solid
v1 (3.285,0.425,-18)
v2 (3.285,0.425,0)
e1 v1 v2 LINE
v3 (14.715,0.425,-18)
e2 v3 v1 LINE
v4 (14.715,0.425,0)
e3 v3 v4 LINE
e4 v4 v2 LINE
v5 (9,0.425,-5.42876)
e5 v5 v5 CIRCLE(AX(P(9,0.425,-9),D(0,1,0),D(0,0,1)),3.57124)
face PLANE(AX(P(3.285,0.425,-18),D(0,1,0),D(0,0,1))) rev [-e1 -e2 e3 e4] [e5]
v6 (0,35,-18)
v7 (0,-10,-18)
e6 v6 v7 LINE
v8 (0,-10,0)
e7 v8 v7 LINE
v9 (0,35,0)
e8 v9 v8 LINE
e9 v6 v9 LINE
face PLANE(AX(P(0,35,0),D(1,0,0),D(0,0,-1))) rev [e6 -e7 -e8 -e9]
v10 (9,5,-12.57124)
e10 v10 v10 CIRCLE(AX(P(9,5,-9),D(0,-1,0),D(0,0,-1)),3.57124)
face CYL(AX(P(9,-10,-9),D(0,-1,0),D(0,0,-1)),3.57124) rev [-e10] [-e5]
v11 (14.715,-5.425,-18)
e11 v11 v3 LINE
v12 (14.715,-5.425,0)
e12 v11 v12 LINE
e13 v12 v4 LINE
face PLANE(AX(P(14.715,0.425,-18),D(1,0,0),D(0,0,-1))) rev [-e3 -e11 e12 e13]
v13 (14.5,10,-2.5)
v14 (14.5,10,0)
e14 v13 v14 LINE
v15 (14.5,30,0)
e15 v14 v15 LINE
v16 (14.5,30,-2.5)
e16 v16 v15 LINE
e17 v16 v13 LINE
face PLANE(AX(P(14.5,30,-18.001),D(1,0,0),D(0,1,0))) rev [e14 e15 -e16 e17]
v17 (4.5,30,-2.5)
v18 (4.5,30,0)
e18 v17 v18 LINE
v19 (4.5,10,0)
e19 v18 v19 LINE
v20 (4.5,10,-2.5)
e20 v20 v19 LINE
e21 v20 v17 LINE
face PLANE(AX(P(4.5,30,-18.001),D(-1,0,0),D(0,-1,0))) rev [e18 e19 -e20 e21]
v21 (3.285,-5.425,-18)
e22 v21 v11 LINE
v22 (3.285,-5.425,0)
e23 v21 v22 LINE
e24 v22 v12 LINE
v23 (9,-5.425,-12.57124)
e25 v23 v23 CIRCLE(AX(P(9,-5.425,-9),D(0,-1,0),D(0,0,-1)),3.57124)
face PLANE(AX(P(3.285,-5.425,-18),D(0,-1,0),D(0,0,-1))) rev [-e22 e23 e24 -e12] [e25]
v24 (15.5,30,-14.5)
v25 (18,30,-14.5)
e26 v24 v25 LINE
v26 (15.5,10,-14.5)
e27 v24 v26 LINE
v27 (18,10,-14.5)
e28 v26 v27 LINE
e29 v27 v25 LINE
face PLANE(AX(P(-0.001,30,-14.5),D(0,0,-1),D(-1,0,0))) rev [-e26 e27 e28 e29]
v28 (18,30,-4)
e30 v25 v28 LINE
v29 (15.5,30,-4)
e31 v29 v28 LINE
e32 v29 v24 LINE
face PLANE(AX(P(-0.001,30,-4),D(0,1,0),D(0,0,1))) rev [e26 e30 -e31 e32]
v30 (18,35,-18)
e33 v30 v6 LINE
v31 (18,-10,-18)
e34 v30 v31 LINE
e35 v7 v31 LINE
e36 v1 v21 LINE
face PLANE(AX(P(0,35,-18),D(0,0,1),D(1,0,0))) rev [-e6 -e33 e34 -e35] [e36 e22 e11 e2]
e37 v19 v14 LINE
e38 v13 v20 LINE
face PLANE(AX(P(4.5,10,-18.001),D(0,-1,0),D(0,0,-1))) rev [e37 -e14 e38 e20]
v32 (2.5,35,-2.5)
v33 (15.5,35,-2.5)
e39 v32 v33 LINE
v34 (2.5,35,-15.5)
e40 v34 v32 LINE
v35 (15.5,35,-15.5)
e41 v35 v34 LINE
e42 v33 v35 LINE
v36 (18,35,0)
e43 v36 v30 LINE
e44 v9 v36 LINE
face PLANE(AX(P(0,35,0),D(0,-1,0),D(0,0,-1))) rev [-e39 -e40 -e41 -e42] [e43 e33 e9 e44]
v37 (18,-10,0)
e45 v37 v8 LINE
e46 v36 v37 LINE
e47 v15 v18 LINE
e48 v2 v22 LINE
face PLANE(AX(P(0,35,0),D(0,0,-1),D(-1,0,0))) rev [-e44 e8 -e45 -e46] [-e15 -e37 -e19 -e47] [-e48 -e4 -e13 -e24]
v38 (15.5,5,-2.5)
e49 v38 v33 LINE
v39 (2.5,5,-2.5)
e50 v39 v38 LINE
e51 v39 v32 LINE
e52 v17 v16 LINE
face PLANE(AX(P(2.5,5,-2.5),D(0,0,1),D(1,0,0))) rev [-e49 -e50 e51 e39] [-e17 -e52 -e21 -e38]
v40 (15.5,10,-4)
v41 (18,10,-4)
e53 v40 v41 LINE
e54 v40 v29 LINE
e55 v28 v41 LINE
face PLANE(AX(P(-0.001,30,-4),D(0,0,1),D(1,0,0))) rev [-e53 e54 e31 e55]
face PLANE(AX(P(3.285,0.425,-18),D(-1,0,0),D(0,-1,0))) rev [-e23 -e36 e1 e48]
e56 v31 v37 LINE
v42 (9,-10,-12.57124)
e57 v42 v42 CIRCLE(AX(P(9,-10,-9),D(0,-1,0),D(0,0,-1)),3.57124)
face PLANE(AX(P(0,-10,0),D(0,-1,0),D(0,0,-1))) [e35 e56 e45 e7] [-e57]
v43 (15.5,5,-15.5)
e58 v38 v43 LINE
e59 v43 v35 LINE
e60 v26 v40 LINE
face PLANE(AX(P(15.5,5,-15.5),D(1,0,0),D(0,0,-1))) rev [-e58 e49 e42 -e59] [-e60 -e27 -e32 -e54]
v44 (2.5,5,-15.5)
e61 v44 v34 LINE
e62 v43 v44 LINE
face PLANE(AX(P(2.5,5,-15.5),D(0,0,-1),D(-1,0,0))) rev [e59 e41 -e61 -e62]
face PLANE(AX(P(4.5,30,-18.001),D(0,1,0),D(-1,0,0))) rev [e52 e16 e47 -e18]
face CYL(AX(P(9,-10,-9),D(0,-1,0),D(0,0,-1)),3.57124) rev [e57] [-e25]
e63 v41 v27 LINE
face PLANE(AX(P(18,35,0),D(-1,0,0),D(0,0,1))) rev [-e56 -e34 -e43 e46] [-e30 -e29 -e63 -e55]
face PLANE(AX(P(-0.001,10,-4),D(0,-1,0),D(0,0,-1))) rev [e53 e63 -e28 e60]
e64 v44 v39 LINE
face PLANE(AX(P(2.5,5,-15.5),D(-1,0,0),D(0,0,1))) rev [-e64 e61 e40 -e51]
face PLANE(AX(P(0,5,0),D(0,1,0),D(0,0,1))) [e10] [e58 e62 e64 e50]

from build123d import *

# Parameters (mm, degrees)
SKETCH1_W                   = 18
SKETCH1_H                   = 18
BOSS_EXTRUDE1_DEPTH         = 35
SKETCH5_W                   = 13
SKETCH5_H                   = 13
CUT_EXTRUDE1_DEPTH          = 30
CUT_EXTRUDE3_REACH          = 45.278
SKETCH7_W                   = 10.5
SKETCH7_H                   = 20
SKETCH8_W                   = 18
SKETCH8_H                   = 18
BOSS_EXTRUDE2_DEPTH         = 10
SKETCH9_W                   = 11.43
SKETCH9_H                   = 5.85
CUT_EXTRUDE4_DEPTH          = 44.278170017
F_1_4_CLEARANCE_HOLE1_D     = 7.14248
F_1_4_CLEARANCE_HOLE1_DEPTH = 15
F_1_4_CLEARANCE_HOLE1_TIP   = 2.145817477
CUT_EXTRUDE5_REACH          = 45.278
SKETCH12_W                  = 10
SKETCH12_H                  = 20


with BuildPart() as part:
    # Sketch1 → Boss-Extrude1 (new body)
    with BuildSketch(Plane(origin=(0, 0, 0), x_dir=(1, 0, 0), z_dir=(0, 1, 0))):
        with Locations((9, 9)):
            Rectangle(SKETCH1_W, SKETCH1_H)
    extrude(amount=BOSS_EXTRUDE1_DEPTH)

    # Sketch5 → Cut-Extrude1 (cut)
    with BuildSketch(Plane(origin=(0, 35, 0), x_dir=(1, 0, 0), z_dir=(0, 1, 0))):
        with Locations((9, 9)):
            Rectangle(SKETCH5_W, SKETCH5_H)
    extrude(amount=-CUT_EXTRUDE1_DEPTH, mode=Mode.SUBTRACT)

    # Sketch7 → Cut-Extrude3 (cut, up to next)
    with BuildSketch(Plane(origin=(18, 0, 0), x_dir=(0, 0, -1), z_dir=(1, 0, 0)), mode=Mode.PRIVATE) as cut_extrude3_sk1:
        with Locations((9.25, 20)):
            Rectangle(SKETCH7_W, SKETCH7_H)
    cut_extrude3_tool1 = extrude(cut_extrude3_sk1.sketch, amount=-CUT_EXTRUDE3_REACH, mode=Mode.PRIVATE) & part.part
    add(cut_extrude3_tool1.solids().sort_by_distance((18, 20, -9.25))[0], mode=Mode.SUBTRACT)

    # Sketch8 → Boss-Extrude2 (add)
    with BuildSketch(Plane.XZ):
        with Locations((9, -9)):
            Rectangle(SKETCH8_W, SKETCH8_H)
    extrude(amount=BOSS_EXTRUDE2_DEPTH)

    # Sketch9 → Cut-Extrude4 (cut, through all)
    with BuildSketch(Plane.XY):
        with Locations((9, -2.5)):
            Rectangle(SKETCH9_W, SKETCH9_H)
    extrude(amount=-CUT_EXTRUDE4_DEPTH, mode=Mode.SUBTRACT)

    # 1/4 Clearance Hole1
    with Locations(Plane(origin=(0, -10, 0), x_dir=(-1, 0, 0), z_dir=(0, -1, 0))):
        with Locations((-9, 9)):
            Hole(F_1_4_CLEARANCE_HOLE1_D / 2, depth=F_1_4_CLEARANCE_HOLE1_DEPTH)
            with Locations((0, 0, -(F_1_4_CLEARANCE_HOLE1_DEPTH + F_1_4_CLEARANCE_HOLE1_TIP / 2))):  # 118° drill point
                Cone(0, F_1_4_CLEARANCE_HOLE1_D / 2, F_1_4_CLEARANCE_HOLE1_TIP, mode=Mode.SUBTRACT)

    # Sketch12 → Cut-Extrude5 (cut, up to next)
    with BuildSketch(Plane.XY, mode=Mode.PRIVATE) as cut_extrude5_sk1:
        with Locations((9.5, 20)):
            Rectangle(SKETCH12_W, SKETCH12_H)
    cut_extrude5_tool1 = extrude(cut_extrude5_sk1.sketch, amount=-CUT_EXTRUDE5_REACH, mode=Mode.PRIVATE) & part.part
    add(cut_extrude5_tool1.solids().sort_by_distance((9.5, 20, 0))[0], mode=Mode.SUBTRACT)


solid = part.part
